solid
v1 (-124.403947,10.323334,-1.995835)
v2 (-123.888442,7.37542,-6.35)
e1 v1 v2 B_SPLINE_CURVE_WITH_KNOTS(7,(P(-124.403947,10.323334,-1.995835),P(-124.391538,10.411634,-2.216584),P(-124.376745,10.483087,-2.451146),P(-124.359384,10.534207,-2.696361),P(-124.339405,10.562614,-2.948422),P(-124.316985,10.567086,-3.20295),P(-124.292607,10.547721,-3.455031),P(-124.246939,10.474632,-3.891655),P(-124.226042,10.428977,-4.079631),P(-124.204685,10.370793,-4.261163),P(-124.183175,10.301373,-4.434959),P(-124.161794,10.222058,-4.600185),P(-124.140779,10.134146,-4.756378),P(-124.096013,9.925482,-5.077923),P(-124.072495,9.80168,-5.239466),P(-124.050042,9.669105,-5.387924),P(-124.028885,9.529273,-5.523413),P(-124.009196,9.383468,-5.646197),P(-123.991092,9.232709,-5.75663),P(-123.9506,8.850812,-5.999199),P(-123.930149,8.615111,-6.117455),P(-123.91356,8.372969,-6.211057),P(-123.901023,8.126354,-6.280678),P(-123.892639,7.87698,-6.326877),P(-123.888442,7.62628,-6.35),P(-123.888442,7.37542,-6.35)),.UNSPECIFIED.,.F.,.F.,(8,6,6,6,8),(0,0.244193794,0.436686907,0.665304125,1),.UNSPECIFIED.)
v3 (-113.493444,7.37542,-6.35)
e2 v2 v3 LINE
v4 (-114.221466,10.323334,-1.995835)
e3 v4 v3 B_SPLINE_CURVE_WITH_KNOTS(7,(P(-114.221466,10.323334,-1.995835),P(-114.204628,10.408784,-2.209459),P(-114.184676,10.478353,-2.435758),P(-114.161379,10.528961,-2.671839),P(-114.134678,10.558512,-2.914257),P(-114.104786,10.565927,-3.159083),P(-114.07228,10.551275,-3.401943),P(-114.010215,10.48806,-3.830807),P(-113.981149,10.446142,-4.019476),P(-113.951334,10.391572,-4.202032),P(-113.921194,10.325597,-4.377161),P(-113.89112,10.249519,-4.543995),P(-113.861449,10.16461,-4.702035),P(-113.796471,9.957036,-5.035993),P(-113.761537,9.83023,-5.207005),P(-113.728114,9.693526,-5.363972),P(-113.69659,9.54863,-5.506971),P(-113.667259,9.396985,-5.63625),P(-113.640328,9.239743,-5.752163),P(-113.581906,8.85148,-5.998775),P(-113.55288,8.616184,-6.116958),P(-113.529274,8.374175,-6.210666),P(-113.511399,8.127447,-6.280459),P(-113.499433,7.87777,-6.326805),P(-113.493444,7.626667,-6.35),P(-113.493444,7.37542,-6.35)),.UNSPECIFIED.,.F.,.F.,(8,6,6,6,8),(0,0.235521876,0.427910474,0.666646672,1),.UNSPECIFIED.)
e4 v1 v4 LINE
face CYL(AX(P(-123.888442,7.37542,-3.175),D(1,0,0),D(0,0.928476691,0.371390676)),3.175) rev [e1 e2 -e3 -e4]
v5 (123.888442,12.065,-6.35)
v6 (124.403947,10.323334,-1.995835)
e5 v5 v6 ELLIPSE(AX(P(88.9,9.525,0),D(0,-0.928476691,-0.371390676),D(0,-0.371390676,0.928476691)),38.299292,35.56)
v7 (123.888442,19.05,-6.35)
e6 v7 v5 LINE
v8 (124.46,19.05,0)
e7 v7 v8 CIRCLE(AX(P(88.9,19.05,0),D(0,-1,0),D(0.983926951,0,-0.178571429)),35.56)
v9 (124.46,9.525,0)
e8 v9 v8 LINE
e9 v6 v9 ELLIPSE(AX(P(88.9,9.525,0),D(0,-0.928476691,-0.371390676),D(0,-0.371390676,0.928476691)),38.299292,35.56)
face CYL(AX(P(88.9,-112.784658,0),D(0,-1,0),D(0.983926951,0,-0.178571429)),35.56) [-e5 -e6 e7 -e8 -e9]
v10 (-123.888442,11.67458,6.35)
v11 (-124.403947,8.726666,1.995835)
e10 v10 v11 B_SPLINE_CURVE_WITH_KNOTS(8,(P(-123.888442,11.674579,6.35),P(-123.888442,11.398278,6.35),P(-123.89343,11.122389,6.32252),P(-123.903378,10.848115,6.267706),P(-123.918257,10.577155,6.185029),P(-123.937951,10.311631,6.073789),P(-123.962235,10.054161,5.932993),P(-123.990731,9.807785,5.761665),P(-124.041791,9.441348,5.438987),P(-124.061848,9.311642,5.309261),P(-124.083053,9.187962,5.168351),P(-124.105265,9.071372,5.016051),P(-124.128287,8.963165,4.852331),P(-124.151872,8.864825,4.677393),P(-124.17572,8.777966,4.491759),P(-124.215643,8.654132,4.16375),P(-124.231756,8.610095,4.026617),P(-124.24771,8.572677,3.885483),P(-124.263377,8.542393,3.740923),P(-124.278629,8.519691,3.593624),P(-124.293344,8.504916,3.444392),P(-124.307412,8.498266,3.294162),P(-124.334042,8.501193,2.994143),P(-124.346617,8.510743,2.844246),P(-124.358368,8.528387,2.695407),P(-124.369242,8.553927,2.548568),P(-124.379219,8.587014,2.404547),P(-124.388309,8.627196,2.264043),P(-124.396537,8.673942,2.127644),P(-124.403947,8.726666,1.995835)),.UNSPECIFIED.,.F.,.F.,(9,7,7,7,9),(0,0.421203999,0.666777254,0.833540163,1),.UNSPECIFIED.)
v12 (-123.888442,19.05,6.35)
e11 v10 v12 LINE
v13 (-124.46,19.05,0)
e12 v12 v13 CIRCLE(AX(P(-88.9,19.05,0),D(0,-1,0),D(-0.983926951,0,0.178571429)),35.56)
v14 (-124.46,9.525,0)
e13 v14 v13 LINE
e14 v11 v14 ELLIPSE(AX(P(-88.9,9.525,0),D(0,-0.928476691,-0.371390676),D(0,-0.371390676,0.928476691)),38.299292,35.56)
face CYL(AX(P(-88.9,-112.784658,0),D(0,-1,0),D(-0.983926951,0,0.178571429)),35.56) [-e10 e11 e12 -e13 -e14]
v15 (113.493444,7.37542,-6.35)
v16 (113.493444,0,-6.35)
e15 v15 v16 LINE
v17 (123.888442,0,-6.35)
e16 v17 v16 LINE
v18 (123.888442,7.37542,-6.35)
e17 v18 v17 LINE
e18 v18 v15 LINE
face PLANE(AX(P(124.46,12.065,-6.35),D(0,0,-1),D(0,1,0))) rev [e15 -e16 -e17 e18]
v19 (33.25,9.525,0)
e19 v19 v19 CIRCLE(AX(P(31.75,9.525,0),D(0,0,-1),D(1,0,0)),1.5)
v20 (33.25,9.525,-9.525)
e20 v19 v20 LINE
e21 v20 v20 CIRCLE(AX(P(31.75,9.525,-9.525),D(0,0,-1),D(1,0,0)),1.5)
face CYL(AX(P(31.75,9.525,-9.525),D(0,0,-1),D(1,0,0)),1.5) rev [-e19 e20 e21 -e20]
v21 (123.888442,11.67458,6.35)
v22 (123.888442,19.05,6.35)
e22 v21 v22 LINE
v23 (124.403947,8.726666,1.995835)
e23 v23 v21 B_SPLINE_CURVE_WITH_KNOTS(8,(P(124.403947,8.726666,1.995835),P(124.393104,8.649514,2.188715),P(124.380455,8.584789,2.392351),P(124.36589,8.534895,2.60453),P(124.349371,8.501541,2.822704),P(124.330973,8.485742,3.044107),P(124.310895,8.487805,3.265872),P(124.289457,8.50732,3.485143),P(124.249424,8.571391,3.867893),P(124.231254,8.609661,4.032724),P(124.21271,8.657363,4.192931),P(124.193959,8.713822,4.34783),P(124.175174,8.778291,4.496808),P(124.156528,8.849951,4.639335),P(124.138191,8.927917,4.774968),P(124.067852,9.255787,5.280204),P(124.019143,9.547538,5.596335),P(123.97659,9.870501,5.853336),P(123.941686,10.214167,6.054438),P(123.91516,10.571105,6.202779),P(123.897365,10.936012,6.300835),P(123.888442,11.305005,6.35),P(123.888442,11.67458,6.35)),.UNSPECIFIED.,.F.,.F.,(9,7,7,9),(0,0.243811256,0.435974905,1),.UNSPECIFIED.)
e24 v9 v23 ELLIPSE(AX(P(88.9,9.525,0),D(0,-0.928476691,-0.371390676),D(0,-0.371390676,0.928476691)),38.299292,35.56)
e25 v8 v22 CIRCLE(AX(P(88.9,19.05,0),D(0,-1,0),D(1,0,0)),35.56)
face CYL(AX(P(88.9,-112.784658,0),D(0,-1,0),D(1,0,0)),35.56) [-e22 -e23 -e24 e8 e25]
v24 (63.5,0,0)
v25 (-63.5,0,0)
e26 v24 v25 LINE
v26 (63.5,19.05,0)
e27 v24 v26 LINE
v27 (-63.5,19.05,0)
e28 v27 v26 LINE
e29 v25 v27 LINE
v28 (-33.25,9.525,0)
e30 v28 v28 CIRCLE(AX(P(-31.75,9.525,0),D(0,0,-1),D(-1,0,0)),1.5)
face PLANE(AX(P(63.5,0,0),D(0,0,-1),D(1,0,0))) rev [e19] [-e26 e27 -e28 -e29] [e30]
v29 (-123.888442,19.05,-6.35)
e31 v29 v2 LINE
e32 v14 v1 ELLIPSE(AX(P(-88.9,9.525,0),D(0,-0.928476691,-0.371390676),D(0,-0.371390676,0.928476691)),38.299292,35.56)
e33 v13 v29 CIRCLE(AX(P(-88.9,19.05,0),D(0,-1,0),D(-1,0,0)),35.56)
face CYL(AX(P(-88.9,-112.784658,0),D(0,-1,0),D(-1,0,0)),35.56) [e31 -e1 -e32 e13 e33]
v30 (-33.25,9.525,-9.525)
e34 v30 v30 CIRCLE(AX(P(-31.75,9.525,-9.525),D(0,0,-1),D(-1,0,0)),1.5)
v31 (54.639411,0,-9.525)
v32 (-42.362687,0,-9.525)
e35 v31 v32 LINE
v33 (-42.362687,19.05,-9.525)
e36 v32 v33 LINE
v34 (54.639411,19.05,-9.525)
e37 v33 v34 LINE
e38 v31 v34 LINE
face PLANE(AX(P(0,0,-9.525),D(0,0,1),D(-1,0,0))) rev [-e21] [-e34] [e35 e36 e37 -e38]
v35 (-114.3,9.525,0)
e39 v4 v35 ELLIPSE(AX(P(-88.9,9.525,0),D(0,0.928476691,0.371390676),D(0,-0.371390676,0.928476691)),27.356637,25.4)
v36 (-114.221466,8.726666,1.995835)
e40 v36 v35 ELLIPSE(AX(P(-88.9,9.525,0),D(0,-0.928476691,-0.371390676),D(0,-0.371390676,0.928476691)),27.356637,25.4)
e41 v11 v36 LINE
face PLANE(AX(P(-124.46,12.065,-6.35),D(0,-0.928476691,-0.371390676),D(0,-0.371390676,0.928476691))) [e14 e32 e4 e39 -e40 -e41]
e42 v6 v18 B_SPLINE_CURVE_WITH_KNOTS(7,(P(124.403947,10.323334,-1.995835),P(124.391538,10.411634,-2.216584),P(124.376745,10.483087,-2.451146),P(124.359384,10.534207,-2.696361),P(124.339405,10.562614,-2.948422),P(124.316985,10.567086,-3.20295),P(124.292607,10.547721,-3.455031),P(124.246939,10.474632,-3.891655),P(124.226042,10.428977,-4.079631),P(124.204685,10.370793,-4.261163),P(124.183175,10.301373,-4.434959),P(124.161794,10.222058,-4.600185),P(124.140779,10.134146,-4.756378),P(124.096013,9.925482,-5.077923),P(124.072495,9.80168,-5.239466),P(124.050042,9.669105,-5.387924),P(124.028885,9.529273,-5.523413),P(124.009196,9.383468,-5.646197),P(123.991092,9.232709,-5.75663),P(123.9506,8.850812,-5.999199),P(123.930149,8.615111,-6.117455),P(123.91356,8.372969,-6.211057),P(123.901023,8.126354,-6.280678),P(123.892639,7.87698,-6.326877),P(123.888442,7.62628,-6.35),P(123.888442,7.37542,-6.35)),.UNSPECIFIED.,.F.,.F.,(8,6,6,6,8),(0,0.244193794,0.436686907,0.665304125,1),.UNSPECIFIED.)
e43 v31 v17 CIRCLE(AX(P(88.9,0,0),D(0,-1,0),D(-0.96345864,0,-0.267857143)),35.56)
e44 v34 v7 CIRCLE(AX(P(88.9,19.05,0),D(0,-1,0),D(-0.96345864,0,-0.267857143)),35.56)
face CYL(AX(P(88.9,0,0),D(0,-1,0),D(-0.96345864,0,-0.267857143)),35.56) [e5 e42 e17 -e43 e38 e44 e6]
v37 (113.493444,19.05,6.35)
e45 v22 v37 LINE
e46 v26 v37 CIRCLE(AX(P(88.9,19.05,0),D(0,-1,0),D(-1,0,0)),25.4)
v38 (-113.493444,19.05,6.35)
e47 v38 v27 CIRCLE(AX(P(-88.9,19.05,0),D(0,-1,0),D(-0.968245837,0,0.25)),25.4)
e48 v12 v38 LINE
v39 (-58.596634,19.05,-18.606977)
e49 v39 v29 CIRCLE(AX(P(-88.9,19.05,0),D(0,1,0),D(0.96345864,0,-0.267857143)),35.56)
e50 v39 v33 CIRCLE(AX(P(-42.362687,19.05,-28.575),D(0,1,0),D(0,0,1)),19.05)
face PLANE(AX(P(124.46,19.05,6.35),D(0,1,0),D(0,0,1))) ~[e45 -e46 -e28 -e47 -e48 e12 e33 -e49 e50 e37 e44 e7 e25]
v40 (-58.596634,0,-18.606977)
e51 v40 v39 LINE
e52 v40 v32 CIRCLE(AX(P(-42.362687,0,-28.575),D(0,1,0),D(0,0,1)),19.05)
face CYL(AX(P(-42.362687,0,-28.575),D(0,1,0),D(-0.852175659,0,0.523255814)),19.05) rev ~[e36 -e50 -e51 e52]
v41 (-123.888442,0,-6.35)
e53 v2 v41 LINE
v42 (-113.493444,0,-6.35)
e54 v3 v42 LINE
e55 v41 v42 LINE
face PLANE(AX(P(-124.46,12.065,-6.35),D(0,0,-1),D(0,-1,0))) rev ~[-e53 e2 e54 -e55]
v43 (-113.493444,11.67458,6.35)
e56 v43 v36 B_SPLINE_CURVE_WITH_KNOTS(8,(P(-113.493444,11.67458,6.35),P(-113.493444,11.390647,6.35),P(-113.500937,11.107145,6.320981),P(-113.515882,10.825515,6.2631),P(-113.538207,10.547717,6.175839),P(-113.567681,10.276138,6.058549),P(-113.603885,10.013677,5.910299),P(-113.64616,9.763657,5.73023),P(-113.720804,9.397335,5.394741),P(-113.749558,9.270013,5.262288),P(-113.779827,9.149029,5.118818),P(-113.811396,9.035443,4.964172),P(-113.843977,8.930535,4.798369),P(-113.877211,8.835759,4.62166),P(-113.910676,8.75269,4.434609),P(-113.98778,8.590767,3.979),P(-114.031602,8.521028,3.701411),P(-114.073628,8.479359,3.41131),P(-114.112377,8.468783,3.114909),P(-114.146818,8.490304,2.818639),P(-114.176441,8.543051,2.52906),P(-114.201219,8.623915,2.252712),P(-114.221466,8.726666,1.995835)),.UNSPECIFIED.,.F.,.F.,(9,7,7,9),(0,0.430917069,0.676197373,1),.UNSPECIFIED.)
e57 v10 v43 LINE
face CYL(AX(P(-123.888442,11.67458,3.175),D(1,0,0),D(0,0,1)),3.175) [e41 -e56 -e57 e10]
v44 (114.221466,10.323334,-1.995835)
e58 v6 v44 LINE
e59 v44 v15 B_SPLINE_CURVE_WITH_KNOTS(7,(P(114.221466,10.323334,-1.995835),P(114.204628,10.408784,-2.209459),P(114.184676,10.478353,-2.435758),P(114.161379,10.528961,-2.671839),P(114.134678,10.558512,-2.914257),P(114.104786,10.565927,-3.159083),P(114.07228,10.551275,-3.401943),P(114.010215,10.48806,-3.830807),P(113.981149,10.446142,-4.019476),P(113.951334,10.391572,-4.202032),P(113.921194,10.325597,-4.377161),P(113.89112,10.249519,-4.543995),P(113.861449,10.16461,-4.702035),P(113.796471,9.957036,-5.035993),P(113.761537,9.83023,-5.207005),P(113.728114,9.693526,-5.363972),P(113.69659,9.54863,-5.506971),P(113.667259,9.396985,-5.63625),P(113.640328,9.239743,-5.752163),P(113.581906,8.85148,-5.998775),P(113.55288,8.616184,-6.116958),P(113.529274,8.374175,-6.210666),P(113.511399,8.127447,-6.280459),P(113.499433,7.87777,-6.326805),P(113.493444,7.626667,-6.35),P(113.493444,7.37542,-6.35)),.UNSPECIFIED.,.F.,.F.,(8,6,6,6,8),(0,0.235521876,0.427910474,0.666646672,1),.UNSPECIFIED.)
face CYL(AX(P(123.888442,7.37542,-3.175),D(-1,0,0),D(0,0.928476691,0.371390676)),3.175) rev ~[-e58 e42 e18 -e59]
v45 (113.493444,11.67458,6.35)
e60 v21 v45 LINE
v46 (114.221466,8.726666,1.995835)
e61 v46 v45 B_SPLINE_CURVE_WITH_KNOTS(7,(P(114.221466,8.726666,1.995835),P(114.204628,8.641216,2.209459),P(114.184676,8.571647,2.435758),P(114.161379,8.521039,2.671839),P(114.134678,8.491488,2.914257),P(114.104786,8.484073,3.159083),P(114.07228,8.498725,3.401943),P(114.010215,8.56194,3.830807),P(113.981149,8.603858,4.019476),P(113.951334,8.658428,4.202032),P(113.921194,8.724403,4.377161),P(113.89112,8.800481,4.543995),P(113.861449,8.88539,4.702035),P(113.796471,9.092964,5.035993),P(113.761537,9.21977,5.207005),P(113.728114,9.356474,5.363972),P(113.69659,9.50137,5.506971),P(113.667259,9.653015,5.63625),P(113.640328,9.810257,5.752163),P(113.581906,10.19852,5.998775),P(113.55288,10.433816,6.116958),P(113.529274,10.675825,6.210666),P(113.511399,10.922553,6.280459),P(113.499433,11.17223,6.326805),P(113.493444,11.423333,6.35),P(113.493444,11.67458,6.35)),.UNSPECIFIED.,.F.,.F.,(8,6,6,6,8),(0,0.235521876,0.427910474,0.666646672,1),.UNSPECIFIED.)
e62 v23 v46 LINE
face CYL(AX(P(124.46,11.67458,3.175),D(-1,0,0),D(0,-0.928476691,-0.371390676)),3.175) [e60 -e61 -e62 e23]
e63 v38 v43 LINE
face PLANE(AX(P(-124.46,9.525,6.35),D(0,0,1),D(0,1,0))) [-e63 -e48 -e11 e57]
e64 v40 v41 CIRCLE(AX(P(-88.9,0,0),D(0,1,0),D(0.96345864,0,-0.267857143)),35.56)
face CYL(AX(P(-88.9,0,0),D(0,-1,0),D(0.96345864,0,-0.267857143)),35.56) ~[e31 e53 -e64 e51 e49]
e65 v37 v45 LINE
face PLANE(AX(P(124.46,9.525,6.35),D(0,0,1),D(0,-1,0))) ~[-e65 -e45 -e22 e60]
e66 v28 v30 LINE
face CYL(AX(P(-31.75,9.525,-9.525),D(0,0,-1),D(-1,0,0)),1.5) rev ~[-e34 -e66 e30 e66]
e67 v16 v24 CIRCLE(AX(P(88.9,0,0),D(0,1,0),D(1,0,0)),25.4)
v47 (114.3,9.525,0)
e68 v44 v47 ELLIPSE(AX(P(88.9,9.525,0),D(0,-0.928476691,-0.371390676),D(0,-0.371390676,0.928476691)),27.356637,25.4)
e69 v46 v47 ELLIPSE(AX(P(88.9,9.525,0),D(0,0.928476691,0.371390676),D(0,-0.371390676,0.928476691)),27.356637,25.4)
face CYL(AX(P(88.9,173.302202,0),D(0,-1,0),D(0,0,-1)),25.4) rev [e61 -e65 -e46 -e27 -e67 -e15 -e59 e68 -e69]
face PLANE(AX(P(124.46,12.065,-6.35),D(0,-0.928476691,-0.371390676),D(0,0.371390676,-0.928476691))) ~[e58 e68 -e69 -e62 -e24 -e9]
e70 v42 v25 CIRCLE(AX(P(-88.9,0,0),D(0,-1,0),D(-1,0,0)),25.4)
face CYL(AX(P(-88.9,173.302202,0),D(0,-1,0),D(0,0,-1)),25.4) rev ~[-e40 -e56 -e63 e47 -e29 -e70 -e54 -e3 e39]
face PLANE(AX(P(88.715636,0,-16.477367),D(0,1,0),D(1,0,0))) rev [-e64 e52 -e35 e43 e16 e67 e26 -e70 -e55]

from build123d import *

# Parameters (mm, degrees)
BOSS_EXTRUDE1_DEPTH            = 19.05
FILLET1_R                      = 19.05
SKETCH2_R                      = 1.5
CUT_EXTRUDE1_DEPTH             = 129.572996096
BOSS_EXTRUDE2_REACH            = 132.835
BOSS_EXTRUDE2_END_RADIUS       = 25.4
CUT_EXTRUDE3_REACH             = 132.835
CUT_EXTRUDE3_DIRECTION_2_DEPTH = 131.83465787
CUT_EXTRUDE2_DEPTH             = 131.83465787
CUT_EXTRUDE2_DEPTH_BACK        = 131.83465787
FILLET2_R                      = 3.175
FILLET2_OF_MIRROR1_R           = 3.175
CUT_EXTRUDE4_DEPTH             = 131.834658007
CUT_EXTRUDE4_DEPTH_BACK        = 131.834658007


with BuildPart() as part:
    # Sketch1 → Boss-Extrude1 (new body)
    with BuildSketch(Plane(origin=(0, 0, 0), x_dir=(1, 0, 0), z_dir=(0, 1, 0))):
        with BuildLine():
            ThreePointArc((-54.639410761, 9.525), (-93.706612459, 35.233649778), (-124.46, 0))
            Line((-124.46, 0), (-114.3, 0))
            ThreePointArc((-114.3, 0), (-88.9, 25.4), (-63.5, 0))
            Line((-63.5, 0), (-53.34, 0))
            ThreePointArc((-53.34, 0), (-53.666350222, 4.806612459), (-54.639410761, 9.525))
        make_face()
        with BuildLine():
            Line((-53.34, 0), (0, 0))
            Line((0, 0), (0, 9.525))
            Line((0, 9.525), (-54.639410761, 9.525))
            ThreePointArc((-54.639410761, 9.525), (-53.666350222, 4.806612459), (-53.34, 0))
        make_face()
    boss_extrude1 = extrude(amount=BOSS_EXTRUDE1_DEPTH)

    # Fillet1
    fillet1_edges = [part.edges().sort_by_distance(p)[0] for p in [
        (-54.639410761, 9.525, -9.525),
    ]]
    fillet(fillet1_edges, radius=FILLET1_R)

    # Sketch2 → Cut-Extrude1 (cut, symmetric)
    with BuildSketch(Plane(origin=(0, 0, -9.525), x_dir=(-1, 0, 0), z_dir=(0, 0, -1))):
        with Locations((31.75, 9.525)):
            Circle(SKETCH2_R)
    cut_extrude1 = extrude(amount=CUT_EXTRUDE1_DEPTH, both=True, mode=Mode.SUBTRACT)

    # Boss-Extrude2: up to this cylinder (the profile starts outside it)
    boss_extrude2_end = Plane(origin=(-88.9, 11.6227675, 0), z_dir=(0, -1, 0)) * Cylinder(BOSS_EXTRUDE2_END_RADIUS, 323.358869, mode=Mode.PRIVATE)
    # Sketch3 → Boss-Extrude2 (add, up to the surface)
    with BuildSketch(Plane.ZY.offset(124.46), mode=Mode.PRIVATE) as boss_extrude2_sk1:
        Polygon((6.35, 19.05), (-6.35, 19.05), (-6.35, 12.065), (0, 9.525), (6.35, 9.525), align=None)
    boss_extrude2_tool1 = extrude(boss_extrude2_sk1.sketch, amount=-BOSS_EXTRUDE2_REACH, mode=Mode.PRIVATE) - boss_extrude2_end
    # Sketch3 → Boss-Extrude2 (add, up to the surface)
    with BuildSketch(Plane.ZY.offset(124.46), mode=Mode.PRIVATE) as boss_extrude2_sk2:
        Polygon((6.35, 6.985), (6.35, 9.525), (0, 9.525), align=None)
    boss_extrude2_tool2 = extrude(boss_extrude2_sk2.sketch, amount=-BOSS_EXTRUDE2_REACH, mode=Mode.PRIVATE) - boss_extrude2_end
    boss_extrude2 = boss_extrude2_tool1.solids().sort_by_distance((-124.46, 14.567202, 0.302381))[0] + boss_extrude2_tool2.solids().sort_by_distance((-124.46, 8.678333, 4.233333))[0]
    add(boss_extrude2)

    # Sketch3<3> → Cut-Extrude3 (cut, up to next)
    with BuildSketch(Plane.ZY.offset(124.46), mode=Mode.PRIVATE) as cut_extrude3_sk1:
        Polygon((-6.35, 0), (6.35, 0), (6.35, 6.985), (-6.35, 12.065), align=None)
    cut_extrude3_tool1 = extrude(cut_extrude3_sk1.sketch, amount=-CUT_EXTRUDE3_REACH, mode=Mode.PRIVATE) & part.part
    cut_extrude3 = cut_extrude3_tool1.solids().sort_by_distance((-124.46, 4.875389, -0.564444))[0]
    add(cut_extrude3, mode=Mode.SUBTRACT)

    # Sketch3<3> → Cut-Extrude3 direction 2 (cut)
    with BuildSketch(Plane.ZY.offset(124.46)):
        Polygon((-6.35, 0), (6.35, 0), (6.35, 6.985), (-6.35, 12.065), align=None)
    cut_extrude3_direction_2 = extrude(amount=CUT_EXTRUDE3_DIRECTION_2_DEPTH, mode=Mode.SUBTRACT)

    # Sketch4 → Cut-Extrude2 (cut, two sides: drawn at the far end of the back side and taken through both)
    with BuildSketch(Plane(origin=(0, 19.05, 0), x_dir=(1, 0, 0), z_dir=(0, 1, 0)).offset(-CUT_EXTRUDE2_DEPTH_BACK)):
        with BuildLine():
            Line((-124.46, -6.35), (-123.888442377, -6.35))
            ThreePointArc((-123.888442377, -6.35), (-124.316822351, -3.187835399), (-124.46, -2e-09))
            Line((-124.46, -2e-09), (-124.46, -6.35))
        make_face()
        with BuildLine():
            ThreePointArc((-124.46, -2e-09), (-124.316822351, 3.187835398), (-123.888442377, 6.35))
            Line((-123.888442377, 6.35), (-124.46, 6.35))
            Line((-124.46, 6.35), (-124.46, -2e-09))
        make_face()
    extrude(amount=CUT_EXTRUDE2_DEPTH + CUT_EXTRUDE2_DEPTH_BACK, mode=Mode.SUBTRACT)

    # Fillet2
    fillet2_edges = [part.edges().sort_by_distance(p)[0] for p in [
        (-118.690943313, 6.985, 6.35),
        (-118.690943313, 12.065, -6.35),
    ]]
    fillet(fillet2_edges, radius=FILLET2_R)

    # Mirror1: Boss-Extrude1, Cut-Extrude1, Boss-Extrude2, Cut-Extrude3, Cut-Extrude3 direction 2 across plane
    add(boss_extrude1.mirror(Plane(origin=(0, 19.05, 0), x_dir=(0, 0, 1), z_dir=(1, 0, 0))))
    add(cut_extrude1.mirror(Plane(origin=(0, 19.05, 0), x_dir=(0, 0, 1), z_dir=(1, 0, 0))), mode=Mode.SUBTRACT)
    add(boss_extrude2.mirror(Plane(origin=(0, 19.05, 0), x_dir=(0, 0, 1), z_dir=(1, 0, 0))))
    add(cut_extrude3.mirror(Plane(origin=(0, 19.05, 0), x_dir=(0, 0, 1), z_dir=(1, 0, 0))), mode=Mode.SUBTRACT)
    add(cut_extrude3_direction_2.mirror(Plane(origin=(0, 19.05, 0), x_dir=(0, 0, 1), z_dir=(1, 0, 0))), mode=Mode.SUBTRACT)

    # Fillet2 of Mirror1
    fillet2_of_mirror1_edges = [part.edges().sort_by_distance(p)[0] for p in [
        (118.690943313, 6.985, 6.35),
        (118.690943313, 12.065, -6.35),
    ]]
    fillet(fillet2_of_mirror1_edges, radius=FILLET2_OF_MIRROR1_R)

    # Sketch5 → Cut-Extrude4 (cut, two sides: drawn at the far end of the back side and taken through both)
    with BuildSketch(Plane(origin=(0, 19.05, 0), x_dir=(1, 0, 0), z_dir=(0, 1, 0)).offset(-CUT_EXTRUDE4_DEPTH_BACK)):
        with BuildLine():
            ThreePointArc((123.888442377, 6.35), (124.316822351, 3.187835399), (124.46, 0))
            Line((124.46, 0), (124.46, 6.35))
            Line((124.46, 6.35), (123.888442377, 6.35))
        make_face()
        with BuildLine():
            Line((124.46, -6.35), (124.46, 0))
            ThreePointArc((124.46, 0), (124.316822351, -3.187835399), (123.888442377, -6.35))
            Line((123.888442377, -6.35), (124.46, -6.35))
        make_face()
    extrude(amount=CUT_EXTRUDE4_DEPTH + CUT_EXTRUDE4_DEPTH_BACK, mode=Mode.SUBTRACT)


solid = part.part
